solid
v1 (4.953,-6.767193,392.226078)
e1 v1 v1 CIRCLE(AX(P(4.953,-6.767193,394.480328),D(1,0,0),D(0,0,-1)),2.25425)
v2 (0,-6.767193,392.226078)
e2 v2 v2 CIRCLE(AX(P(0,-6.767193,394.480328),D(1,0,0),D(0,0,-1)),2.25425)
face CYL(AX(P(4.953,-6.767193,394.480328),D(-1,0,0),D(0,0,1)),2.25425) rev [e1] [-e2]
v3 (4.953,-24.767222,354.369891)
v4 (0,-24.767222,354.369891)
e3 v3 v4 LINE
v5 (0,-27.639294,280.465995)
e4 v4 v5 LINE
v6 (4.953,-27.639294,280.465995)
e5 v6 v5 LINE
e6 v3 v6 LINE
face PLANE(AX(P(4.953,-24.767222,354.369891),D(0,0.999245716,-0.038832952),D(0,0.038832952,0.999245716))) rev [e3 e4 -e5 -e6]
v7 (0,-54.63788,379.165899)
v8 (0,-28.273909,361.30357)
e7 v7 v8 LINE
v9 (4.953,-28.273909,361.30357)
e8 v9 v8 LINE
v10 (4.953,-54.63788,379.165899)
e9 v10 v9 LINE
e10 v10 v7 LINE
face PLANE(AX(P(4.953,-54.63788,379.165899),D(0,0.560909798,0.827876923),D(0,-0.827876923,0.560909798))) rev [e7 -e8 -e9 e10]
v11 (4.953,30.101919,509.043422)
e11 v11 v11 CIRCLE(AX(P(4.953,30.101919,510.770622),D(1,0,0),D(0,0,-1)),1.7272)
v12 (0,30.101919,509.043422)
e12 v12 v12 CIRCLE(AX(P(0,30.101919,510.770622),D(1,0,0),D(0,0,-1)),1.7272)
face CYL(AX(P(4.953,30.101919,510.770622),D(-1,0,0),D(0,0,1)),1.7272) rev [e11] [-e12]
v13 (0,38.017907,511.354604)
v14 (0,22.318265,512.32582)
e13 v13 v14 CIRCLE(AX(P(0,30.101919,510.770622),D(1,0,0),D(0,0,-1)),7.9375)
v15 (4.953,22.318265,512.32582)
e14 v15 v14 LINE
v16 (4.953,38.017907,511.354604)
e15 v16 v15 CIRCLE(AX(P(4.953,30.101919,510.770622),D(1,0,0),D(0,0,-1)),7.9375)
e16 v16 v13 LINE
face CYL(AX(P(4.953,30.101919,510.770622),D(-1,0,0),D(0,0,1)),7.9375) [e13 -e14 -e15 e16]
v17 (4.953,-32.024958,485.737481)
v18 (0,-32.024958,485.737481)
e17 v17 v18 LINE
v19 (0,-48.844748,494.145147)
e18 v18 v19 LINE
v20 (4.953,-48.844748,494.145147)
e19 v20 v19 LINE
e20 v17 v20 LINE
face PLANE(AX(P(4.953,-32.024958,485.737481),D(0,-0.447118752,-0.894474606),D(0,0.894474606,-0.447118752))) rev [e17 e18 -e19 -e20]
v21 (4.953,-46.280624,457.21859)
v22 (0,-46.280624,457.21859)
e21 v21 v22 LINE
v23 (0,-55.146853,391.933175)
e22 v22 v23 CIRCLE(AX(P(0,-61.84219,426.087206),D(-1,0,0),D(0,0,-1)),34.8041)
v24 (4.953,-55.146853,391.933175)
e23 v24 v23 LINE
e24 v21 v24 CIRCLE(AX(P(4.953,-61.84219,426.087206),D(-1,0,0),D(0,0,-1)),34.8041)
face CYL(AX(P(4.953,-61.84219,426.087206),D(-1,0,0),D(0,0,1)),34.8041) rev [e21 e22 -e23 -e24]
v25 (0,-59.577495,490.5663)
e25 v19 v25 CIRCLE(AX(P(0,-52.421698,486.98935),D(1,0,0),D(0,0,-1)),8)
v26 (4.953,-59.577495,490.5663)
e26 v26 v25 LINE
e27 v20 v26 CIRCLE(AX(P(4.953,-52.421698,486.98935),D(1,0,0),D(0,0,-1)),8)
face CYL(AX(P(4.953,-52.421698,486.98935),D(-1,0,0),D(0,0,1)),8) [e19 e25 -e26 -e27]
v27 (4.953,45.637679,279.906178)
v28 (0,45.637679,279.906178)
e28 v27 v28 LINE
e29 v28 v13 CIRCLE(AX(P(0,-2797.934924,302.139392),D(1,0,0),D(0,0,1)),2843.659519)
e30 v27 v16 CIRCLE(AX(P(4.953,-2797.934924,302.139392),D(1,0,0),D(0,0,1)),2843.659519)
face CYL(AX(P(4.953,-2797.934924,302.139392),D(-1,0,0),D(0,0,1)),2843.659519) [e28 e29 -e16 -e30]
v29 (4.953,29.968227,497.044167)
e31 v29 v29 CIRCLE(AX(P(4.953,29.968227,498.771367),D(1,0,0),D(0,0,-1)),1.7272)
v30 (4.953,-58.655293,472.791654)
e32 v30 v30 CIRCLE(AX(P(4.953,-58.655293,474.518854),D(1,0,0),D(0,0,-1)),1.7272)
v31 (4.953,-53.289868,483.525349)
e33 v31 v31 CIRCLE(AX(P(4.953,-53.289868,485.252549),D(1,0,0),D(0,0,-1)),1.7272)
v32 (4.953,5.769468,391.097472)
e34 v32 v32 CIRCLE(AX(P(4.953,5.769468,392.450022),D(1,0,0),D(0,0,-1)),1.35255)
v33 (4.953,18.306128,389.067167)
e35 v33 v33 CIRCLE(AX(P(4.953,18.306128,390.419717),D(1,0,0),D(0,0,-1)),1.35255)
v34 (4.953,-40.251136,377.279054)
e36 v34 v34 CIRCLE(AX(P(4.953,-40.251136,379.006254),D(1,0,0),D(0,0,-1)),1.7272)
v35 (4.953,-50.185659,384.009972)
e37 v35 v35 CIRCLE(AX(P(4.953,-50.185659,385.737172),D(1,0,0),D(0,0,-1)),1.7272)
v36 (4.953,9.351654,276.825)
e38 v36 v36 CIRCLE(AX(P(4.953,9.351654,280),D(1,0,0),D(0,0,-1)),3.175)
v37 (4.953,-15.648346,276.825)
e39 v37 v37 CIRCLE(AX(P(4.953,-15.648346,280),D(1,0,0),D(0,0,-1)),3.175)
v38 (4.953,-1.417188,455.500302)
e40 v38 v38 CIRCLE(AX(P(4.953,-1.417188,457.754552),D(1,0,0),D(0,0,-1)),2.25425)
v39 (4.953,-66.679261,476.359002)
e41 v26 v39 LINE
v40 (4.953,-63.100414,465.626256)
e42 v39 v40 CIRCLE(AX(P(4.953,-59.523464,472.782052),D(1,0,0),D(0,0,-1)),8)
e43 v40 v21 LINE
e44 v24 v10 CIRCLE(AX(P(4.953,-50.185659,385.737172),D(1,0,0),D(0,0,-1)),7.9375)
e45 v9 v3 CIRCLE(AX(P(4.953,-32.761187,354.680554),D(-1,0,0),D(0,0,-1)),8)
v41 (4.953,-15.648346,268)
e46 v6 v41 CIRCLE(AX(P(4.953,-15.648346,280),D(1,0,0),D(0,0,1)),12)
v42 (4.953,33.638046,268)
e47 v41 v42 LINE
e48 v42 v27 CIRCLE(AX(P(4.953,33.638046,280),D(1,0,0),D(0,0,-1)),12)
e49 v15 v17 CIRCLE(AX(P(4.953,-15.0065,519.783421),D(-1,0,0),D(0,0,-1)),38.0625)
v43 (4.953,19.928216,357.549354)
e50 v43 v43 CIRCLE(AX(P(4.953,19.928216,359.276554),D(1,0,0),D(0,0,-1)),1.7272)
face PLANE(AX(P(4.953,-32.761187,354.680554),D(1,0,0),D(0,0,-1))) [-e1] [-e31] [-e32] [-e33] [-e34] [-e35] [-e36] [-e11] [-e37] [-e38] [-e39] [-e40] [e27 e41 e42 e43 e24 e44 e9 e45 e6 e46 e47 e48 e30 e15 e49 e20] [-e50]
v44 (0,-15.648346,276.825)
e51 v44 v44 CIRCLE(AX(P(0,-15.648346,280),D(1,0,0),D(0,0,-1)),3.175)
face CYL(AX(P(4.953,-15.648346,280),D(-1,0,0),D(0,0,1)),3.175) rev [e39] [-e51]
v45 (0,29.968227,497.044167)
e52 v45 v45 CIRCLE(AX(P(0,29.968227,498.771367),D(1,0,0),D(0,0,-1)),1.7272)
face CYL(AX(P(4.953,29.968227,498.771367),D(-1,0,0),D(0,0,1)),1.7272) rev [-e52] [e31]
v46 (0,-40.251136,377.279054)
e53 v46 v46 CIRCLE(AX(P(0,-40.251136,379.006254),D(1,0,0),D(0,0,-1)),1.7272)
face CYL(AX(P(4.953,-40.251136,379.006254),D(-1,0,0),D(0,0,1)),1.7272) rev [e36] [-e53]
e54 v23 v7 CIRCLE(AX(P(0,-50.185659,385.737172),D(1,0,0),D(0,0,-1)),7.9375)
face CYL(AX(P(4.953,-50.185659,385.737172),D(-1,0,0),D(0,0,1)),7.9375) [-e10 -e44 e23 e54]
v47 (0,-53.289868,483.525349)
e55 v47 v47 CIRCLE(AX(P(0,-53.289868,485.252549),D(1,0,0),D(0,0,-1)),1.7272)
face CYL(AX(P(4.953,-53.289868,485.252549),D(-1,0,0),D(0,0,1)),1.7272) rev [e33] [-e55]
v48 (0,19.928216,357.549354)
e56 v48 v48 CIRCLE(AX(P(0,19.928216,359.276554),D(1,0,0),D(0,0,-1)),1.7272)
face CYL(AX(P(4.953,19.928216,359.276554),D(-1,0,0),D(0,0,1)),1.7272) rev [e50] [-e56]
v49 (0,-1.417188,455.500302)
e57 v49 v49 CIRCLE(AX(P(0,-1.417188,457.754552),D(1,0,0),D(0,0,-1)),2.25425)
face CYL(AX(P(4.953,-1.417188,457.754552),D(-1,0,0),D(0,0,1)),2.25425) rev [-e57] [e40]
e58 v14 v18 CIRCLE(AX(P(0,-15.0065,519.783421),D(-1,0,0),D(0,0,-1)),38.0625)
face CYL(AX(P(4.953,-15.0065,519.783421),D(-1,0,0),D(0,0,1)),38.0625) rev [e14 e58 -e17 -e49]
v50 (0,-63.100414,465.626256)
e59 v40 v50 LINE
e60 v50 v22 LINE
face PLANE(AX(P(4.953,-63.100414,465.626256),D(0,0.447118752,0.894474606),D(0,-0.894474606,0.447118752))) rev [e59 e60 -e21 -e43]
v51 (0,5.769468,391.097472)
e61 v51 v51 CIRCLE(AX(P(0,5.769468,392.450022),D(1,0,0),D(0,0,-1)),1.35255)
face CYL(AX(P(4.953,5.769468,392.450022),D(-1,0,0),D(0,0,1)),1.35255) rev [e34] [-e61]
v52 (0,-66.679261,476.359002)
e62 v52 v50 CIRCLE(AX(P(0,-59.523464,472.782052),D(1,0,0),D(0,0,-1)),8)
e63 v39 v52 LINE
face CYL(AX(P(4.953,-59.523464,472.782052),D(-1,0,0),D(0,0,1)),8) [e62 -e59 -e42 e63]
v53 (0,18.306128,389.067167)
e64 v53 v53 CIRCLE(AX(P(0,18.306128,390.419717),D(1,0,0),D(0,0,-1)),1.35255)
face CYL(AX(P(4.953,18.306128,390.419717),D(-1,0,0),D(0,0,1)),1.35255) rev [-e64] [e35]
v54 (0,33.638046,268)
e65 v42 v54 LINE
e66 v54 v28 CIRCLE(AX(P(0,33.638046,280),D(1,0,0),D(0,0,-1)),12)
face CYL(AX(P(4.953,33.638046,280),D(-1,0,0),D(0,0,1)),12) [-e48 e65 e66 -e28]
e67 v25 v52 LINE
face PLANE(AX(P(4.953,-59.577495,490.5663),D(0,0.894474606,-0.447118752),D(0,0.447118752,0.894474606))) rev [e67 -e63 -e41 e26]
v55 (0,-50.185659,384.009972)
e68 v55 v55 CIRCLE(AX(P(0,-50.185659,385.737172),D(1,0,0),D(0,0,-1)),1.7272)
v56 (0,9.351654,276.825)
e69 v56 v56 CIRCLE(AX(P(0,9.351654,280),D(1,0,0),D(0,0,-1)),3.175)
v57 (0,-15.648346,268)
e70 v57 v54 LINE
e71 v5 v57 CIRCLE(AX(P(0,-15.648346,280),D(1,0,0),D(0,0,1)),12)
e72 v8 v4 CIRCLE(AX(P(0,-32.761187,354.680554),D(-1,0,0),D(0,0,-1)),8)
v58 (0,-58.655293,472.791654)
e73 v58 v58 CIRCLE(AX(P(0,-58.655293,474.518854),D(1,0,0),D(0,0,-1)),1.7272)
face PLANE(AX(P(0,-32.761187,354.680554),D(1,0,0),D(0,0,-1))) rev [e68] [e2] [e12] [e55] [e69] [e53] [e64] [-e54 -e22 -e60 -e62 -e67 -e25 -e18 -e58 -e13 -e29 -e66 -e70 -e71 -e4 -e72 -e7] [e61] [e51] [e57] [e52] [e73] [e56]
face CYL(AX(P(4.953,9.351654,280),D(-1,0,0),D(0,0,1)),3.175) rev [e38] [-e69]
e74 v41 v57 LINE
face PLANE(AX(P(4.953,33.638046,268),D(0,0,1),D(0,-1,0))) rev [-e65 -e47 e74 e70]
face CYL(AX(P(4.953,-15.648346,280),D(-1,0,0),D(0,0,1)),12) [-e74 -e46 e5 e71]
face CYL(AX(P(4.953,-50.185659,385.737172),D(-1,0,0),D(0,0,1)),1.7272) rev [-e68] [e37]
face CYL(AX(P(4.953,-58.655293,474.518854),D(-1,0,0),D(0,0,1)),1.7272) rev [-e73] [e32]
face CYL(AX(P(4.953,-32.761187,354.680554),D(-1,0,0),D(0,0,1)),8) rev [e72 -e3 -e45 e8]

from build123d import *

# Parameters (mm, degrees)
SKETCH2_R           = 1.7272
SKETCH2_R_2         = 2.25425
SKETCH2_R_3         = 1.352550022
SKETCH2_R_4         = 3.175
BOSS_EXTRUDE1_DEPTH = 4.953


with BuildPart() as part:
    # Sketch2 → Boss-Extrude1 (new body)
    with BuildSketch(Plane(origin=(0, 0, 0), x_dir=(0, 0, -1), z_dir=(1, 0, 0))):
        with BuildLine():
            Line((-268, 33.638045694), (-268, -15.648345659))
            ThreePointArc((-268, -15.648345659), (-271.681104191, -24.296812143), (-280.46599542, -27.639294256))
            Line((-280.46599542, -27.639294256), (-354.369890721, -24.767221505))
            ThreePointArc((-354.369890721, -24.767221505), (-358.291047411, -25.622255962), (-361.303569715, -28.273908856))
            Line((-361.303569715, -28.273908856), (-379.165898581, -54.637880239))
            ThreePointArc((-379.165898581, -54.637880239), (-385.420991101, -58.116858889), (-391.93317504, -55.146852962))
            ThreePointArc((-391.93317504, -55.146852962), (-421.403553341, -27.354673474), (-457.218589828, -46.280623895))
            Line((-457.218589828, -46.280623895), (-465.626255558, -63.10041384))
            ThreePointArc((-465.626255558, -63.10041384), (-470.251425545, -67.112661913), (-476.359002427, -66.679260672))
            Line((-476.359002427, -66.679260672), (-490.566300389, -59.577494681))
            ThreePointArc((-490.566300389, -59.577494681), (-494.578548462, -54.952324694), (-494.145147221, -48.844747812))
            Line((-494.145147221, -48.844747812), (-485.73748149, -32.024957868))
            ThreePointArc((-485.73748149, -32.024957868), (-485.593767218, 1.721364638), (-512.325819935, 22.318264742))
            ThreePointArc((-512.325819935, 22.318264742), (-518.692977578, 30.592013537), (-511.35460422, 38.017906886))
            ThreePointArc((-511.35460422, 38.017906886), (-395.707987807, 44.184774715), (-279.906177735, 45.637678913))
            ThreePointArc((-279.906177735, 45.637678913), (-271.481612031, 42.090090796), (-268, 33.638045694))
        make_face()
        with Locations((-379.006254083, -40.251135649)):
            Circle(SKETCH2_R, mode=Mode.SUBTRACT)
        with Locations((-510.7706223, 30.101918548)):
            Circle(SKETCH2_R, mode=Mode.SUBTRACT)
        with Locations((-457.75455229, -1.41718755)):
            Circle(SKETCH2_R_2, mode=Mode.SUBTRACT)
        with Locations((-394.480328138, -6.767192974)):
            Circle(SKETCH2_R_2, mode=Mode.SUBTRACT)
        with Locations((-359.276554144, 19.928216477)):
            Circle(SKETCH2_R, mode=Mode.SUBTRACT)
        with Locations((-385.737171654, -50.185658721)):
            Circle(SKETCH2_R, mode=Mode.SUBTRACT)
        with Locations((-390.419716853, 18.306128226)):
            Circle(SKETCH2_R_3, mode=Mode.SUBTRACT)
        with Locations((-392.450022496, 5.769467626)):
            Circle(SKETCH2_R_3, mode=Mode.SUBTRACT)
        with Locations((-498.771367049, 29.968227033)):
            Circle(SKETCH2_R, mode=Mode.SUBTRACT)
        with Locations((-474.518853752, -58.65529334)):
            Circle(SKETCH2_R, mode=Mode.SUBTRACT)
        with Locations((-485.252549027, -53.289868312)):
            Circle(SKETCH2_R, mode=Mode.SUBTRACT)
        with Locations((-280, -15.648345659)):
            Circle(SKETCH2_R_4, mode=Mode.SUBTRACT)
        with Locations((-280, 9.351654341)):
            Circle(SKETCH2_R_4, mode=Mode.SUBTRACT)
    extrude(amount=BOSS_EXTRUDE1_DEPTH)


solid = part.part
